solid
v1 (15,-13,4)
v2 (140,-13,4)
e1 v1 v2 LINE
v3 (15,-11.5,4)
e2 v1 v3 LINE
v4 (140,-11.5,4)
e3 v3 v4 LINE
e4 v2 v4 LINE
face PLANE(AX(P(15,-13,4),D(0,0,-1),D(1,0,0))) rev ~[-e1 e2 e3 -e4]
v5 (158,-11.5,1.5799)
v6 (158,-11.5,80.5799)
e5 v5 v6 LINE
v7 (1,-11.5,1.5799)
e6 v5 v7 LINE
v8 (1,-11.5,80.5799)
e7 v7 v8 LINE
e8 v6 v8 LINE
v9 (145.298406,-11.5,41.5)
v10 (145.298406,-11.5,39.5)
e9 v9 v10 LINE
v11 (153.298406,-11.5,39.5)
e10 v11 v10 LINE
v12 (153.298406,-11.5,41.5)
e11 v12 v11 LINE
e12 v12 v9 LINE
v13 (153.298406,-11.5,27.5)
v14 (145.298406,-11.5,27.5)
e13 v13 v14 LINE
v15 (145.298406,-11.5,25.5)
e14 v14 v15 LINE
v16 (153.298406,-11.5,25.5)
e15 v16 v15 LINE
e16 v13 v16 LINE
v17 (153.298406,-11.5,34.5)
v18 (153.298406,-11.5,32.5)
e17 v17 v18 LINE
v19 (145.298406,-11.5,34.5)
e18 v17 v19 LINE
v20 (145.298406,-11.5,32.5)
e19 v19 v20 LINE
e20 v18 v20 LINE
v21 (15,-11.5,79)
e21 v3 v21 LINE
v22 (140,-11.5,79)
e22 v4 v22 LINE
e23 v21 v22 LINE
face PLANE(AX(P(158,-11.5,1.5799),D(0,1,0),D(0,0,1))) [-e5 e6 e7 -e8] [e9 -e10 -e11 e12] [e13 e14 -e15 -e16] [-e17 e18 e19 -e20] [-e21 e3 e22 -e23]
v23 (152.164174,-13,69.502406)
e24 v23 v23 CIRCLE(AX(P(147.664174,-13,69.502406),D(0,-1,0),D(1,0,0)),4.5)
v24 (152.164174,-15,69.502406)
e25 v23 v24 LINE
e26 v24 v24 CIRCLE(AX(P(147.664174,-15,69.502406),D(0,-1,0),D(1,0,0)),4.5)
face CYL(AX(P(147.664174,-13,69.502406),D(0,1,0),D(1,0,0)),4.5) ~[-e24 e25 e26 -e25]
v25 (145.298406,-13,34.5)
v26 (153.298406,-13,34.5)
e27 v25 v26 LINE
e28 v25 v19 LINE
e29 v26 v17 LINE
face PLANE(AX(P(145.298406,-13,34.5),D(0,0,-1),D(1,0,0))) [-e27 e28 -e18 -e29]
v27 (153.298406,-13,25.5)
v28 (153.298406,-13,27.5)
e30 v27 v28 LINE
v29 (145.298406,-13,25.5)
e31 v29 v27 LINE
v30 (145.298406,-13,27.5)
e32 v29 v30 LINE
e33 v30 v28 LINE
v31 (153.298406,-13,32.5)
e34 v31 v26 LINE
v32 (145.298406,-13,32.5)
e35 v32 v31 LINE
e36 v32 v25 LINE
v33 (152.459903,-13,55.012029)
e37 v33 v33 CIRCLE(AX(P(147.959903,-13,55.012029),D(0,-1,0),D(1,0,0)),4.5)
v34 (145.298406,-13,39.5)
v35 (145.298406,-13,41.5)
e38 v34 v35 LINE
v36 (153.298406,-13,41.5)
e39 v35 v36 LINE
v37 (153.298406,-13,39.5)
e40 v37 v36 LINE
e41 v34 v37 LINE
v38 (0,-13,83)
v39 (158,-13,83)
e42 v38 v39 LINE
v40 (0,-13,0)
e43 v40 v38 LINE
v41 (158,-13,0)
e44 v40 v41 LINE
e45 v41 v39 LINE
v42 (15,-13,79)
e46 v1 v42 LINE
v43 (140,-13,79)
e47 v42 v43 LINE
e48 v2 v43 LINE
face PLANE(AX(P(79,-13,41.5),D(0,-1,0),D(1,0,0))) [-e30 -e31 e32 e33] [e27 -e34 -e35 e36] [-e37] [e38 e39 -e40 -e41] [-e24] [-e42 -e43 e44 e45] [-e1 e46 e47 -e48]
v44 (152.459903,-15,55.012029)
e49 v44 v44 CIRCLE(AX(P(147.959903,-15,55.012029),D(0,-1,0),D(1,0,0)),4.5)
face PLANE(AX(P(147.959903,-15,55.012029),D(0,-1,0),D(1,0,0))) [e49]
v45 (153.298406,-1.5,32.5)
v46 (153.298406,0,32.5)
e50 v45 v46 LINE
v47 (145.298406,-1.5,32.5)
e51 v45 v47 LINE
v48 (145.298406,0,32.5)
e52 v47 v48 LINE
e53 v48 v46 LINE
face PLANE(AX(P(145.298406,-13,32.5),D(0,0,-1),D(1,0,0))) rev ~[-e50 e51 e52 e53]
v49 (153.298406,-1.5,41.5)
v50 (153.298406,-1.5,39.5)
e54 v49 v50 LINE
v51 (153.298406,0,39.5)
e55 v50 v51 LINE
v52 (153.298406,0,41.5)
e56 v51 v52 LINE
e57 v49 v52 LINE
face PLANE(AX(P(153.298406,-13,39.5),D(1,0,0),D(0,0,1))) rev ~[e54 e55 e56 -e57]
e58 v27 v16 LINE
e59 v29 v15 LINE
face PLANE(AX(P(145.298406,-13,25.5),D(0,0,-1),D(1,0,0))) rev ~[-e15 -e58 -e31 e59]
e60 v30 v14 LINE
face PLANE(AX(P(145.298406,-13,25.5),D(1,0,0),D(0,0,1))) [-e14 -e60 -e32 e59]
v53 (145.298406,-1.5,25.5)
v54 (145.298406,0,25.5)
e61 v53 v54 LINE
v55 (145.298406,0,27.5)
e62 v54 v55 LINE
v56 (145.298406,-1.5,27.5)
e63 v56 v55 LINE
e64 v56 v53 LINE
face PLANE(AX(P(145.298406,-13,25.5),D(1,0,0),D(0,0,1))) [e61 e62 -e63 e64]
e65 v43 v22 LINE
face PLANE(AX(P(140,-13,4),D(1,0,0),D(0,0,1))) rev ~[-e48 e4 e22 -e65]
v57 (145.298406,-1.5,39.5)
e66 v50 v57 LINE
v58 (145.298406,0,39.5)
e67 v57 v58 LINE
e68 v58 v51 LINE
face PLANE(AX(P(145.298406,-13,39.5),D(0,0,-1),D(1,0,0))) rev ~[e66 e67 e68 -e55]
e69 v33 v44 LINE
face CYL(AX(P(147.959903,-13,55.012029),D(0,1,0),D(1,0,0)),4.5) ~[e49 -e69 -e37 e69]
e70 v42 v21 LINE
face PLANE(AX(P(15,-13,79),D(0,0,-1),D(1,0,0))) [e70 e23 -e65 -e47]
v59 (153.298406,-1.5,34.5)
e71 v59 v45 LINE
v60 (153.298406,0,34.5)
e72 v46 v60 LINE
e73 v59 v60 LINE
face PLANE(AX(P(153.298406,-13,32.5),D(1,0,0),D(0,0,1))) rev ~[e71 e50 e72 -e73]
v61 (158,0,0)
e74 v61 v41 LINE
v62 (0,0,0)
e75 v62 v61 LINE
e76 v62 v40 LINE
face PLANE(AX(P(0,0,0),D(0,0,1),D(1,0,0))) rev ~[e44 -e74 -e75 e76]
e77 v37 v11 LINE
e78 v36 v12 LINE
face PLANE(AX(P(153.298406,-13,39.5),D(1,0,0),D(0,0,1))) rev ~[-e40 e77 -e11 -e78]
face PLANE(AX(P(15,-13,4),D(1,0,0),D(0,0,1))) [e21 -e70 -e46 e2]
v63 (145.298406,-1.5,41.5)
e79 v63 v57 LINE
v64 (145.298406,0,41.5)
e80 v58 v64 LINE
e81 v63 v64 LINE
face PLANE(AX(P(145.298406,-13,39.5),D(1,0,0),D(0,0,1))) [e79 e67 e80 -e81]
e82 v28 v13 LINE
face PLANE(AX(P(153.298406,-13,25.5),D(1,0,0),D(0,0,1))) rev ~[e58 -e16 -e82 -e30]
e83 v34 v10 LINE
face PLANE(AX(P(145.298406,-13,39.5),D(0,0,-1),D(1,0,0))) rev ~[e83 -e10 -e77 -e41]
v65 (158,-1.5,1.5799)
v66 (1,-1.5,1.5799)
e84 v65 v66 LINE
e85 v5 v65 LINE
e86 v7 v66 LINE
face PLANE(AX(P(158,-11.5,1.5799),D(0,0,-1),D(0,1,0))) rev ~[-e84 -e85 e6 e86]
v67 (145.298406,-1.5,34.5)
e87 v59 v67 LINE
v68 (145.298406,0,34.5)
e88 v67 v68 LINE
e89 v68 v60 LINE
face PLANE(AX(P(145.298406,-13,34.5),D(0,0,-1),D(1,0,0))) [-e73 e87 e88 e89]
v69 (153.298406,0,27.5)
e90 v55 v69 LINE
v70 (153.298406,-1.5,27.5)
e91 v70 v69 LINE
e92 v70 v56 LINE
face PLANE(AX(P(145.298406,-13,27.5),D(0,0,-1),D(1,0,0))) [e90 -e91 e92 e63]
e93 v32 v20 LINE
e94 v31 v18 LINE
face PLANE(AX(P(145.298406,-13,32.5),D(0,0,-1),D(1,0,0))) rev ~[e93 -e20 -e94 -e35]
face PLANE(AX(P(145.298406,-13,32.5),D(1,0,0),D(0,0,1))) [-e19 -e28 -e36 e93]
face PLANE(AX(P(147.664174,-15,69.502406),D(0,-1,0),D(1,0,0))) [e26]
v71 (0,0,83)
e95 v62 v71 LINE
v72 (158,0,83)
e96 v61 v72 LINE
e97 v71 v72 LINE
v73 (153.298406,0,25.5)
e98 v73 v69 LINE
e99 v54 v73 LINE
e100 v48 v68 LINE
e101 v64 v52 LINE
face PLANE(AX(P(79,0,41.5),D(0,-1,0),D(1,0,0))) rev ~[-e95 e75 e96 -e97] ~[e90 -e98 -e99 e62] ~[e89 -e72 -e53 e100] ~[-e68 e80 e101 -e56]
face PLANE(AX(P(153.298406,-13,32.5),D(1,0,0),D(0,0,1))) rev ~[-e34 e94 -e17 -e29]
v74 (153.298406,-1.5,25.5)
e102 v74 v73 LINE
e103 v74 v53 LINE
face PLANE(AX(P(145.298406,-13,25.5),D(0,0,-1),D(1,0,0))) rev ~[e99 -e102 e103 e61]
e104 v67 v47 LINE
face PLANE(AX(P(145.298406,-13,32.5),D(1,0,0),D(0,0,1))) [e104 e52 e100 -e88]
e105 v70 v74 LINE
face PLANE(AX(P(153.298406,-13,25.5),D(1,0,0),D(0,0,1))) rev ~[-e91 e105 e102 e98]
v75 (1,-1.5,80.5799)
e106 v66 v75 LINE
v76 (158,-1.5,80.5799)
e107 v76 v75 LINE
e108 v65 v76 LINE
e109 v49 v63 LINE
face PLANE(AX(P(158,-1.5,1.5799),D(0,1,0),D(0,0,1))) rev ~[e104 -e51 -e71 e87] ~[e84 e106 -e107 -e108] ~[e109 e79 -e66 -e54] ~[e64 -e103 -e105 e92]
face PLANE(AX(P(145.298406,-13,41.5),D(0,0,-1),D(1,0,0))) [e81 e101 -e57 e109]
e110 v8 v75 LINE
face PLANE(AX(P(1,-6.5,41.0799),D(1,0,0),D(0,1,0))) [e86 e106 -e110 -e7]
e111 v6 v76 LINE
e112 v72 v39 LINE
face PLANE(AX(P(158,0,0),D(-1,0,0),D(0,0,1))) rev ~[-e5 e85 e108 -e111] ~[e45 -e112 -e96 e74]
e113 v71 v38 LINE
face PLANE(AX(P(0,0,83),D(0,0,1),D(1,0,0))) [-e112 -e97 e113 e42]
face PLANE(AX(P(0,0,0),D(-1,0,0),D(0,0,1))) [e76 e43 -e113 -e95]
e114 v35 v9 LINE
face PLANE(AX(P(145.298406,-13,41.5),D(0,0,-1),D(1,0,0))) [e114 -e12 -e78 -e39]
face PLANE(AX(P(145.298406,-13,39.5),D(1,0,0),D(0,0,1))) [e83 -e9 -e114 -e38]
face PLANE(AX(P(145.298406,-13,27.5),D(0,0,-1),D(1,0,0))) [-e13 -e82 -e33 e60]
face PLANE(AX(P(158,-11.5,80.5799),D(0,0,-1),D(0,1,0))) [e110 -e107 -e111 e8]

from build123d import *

# Parameters (mm, degrees)
F0_W      = 158
F0_H      = 83
F1_DEPTH  = 13
F2_W      = 125
F2_H      = 75
F3_DEPTH  = 10
F4_W      = 10
F4_H      = 79
F5_DEPTH  = 157
F6_R      = 4.5
F7_DEPTH  = 2
F8_R      = 4.5
F9_DEPTH  = 2
F10_W     = 8
F10_H     = 2
F11_DEPTH = 25


with BuildPart() as f1:
    # F0 (on Front) → F1 (new body)
    with BuildSketch(Plane.XZ):
        with Locations((79, 41.5)):
            Rectangle(F0_W, F0_H)
    extrude(amount=F1_DEPTH)

    # F2 (on face) → F3 (cut)
    with BuildSketch(Plane.XZ.offset(13)):
        with Locations((77.5, 41.5)):
            Rectangle(F2_W, F2_H)
    extrude(amount=-F3_DEPTH, mode=Mode.SUBTRACT)

    # F4 (on face) → F5 (cut)
    with BuildSketch(Plane.YZ.offset(158)):
        with Locations((-6.5, 41.0799)):
            Rectangle(F4_W, F4_H)
    extrude(amount=-F5_DEPTH, mode=Mode.SUBTRACT)

    # F6 (on face) → F7 (join)
    with BuildSketch(Plane.XZ.offset(13)):
        with Locations((147.664174, 69.502406)):
            Circle(F6_R)
    extrude(amount=F7_DEPTH)

    # F8 (on face) → F9 (join)
    with BuildSketch(Plane.XZ.offset(13)):
        with Locations((147.959903, 55.012029)):
            Circle(F8_R)
    extrude(amount=F9_DEPTH)

    # F10 (on face) → F11 (cut)
    with BuildSketch(Plane.XZ.offset(13)):
        with Locations((149.298406, 40.5)):
            Rectangle(F10_W, F10_H)
        with Locations((149.298406, 33.5)):
            Rectangle(F10_W, F10_H)
        with Locations((149.298406, 26.5)):
            Rectangle(F10_W, F10_H)
    extrude(amount=-F11_DEPTH, mode=Mode.SUBTRACT)


solid = f1.part
